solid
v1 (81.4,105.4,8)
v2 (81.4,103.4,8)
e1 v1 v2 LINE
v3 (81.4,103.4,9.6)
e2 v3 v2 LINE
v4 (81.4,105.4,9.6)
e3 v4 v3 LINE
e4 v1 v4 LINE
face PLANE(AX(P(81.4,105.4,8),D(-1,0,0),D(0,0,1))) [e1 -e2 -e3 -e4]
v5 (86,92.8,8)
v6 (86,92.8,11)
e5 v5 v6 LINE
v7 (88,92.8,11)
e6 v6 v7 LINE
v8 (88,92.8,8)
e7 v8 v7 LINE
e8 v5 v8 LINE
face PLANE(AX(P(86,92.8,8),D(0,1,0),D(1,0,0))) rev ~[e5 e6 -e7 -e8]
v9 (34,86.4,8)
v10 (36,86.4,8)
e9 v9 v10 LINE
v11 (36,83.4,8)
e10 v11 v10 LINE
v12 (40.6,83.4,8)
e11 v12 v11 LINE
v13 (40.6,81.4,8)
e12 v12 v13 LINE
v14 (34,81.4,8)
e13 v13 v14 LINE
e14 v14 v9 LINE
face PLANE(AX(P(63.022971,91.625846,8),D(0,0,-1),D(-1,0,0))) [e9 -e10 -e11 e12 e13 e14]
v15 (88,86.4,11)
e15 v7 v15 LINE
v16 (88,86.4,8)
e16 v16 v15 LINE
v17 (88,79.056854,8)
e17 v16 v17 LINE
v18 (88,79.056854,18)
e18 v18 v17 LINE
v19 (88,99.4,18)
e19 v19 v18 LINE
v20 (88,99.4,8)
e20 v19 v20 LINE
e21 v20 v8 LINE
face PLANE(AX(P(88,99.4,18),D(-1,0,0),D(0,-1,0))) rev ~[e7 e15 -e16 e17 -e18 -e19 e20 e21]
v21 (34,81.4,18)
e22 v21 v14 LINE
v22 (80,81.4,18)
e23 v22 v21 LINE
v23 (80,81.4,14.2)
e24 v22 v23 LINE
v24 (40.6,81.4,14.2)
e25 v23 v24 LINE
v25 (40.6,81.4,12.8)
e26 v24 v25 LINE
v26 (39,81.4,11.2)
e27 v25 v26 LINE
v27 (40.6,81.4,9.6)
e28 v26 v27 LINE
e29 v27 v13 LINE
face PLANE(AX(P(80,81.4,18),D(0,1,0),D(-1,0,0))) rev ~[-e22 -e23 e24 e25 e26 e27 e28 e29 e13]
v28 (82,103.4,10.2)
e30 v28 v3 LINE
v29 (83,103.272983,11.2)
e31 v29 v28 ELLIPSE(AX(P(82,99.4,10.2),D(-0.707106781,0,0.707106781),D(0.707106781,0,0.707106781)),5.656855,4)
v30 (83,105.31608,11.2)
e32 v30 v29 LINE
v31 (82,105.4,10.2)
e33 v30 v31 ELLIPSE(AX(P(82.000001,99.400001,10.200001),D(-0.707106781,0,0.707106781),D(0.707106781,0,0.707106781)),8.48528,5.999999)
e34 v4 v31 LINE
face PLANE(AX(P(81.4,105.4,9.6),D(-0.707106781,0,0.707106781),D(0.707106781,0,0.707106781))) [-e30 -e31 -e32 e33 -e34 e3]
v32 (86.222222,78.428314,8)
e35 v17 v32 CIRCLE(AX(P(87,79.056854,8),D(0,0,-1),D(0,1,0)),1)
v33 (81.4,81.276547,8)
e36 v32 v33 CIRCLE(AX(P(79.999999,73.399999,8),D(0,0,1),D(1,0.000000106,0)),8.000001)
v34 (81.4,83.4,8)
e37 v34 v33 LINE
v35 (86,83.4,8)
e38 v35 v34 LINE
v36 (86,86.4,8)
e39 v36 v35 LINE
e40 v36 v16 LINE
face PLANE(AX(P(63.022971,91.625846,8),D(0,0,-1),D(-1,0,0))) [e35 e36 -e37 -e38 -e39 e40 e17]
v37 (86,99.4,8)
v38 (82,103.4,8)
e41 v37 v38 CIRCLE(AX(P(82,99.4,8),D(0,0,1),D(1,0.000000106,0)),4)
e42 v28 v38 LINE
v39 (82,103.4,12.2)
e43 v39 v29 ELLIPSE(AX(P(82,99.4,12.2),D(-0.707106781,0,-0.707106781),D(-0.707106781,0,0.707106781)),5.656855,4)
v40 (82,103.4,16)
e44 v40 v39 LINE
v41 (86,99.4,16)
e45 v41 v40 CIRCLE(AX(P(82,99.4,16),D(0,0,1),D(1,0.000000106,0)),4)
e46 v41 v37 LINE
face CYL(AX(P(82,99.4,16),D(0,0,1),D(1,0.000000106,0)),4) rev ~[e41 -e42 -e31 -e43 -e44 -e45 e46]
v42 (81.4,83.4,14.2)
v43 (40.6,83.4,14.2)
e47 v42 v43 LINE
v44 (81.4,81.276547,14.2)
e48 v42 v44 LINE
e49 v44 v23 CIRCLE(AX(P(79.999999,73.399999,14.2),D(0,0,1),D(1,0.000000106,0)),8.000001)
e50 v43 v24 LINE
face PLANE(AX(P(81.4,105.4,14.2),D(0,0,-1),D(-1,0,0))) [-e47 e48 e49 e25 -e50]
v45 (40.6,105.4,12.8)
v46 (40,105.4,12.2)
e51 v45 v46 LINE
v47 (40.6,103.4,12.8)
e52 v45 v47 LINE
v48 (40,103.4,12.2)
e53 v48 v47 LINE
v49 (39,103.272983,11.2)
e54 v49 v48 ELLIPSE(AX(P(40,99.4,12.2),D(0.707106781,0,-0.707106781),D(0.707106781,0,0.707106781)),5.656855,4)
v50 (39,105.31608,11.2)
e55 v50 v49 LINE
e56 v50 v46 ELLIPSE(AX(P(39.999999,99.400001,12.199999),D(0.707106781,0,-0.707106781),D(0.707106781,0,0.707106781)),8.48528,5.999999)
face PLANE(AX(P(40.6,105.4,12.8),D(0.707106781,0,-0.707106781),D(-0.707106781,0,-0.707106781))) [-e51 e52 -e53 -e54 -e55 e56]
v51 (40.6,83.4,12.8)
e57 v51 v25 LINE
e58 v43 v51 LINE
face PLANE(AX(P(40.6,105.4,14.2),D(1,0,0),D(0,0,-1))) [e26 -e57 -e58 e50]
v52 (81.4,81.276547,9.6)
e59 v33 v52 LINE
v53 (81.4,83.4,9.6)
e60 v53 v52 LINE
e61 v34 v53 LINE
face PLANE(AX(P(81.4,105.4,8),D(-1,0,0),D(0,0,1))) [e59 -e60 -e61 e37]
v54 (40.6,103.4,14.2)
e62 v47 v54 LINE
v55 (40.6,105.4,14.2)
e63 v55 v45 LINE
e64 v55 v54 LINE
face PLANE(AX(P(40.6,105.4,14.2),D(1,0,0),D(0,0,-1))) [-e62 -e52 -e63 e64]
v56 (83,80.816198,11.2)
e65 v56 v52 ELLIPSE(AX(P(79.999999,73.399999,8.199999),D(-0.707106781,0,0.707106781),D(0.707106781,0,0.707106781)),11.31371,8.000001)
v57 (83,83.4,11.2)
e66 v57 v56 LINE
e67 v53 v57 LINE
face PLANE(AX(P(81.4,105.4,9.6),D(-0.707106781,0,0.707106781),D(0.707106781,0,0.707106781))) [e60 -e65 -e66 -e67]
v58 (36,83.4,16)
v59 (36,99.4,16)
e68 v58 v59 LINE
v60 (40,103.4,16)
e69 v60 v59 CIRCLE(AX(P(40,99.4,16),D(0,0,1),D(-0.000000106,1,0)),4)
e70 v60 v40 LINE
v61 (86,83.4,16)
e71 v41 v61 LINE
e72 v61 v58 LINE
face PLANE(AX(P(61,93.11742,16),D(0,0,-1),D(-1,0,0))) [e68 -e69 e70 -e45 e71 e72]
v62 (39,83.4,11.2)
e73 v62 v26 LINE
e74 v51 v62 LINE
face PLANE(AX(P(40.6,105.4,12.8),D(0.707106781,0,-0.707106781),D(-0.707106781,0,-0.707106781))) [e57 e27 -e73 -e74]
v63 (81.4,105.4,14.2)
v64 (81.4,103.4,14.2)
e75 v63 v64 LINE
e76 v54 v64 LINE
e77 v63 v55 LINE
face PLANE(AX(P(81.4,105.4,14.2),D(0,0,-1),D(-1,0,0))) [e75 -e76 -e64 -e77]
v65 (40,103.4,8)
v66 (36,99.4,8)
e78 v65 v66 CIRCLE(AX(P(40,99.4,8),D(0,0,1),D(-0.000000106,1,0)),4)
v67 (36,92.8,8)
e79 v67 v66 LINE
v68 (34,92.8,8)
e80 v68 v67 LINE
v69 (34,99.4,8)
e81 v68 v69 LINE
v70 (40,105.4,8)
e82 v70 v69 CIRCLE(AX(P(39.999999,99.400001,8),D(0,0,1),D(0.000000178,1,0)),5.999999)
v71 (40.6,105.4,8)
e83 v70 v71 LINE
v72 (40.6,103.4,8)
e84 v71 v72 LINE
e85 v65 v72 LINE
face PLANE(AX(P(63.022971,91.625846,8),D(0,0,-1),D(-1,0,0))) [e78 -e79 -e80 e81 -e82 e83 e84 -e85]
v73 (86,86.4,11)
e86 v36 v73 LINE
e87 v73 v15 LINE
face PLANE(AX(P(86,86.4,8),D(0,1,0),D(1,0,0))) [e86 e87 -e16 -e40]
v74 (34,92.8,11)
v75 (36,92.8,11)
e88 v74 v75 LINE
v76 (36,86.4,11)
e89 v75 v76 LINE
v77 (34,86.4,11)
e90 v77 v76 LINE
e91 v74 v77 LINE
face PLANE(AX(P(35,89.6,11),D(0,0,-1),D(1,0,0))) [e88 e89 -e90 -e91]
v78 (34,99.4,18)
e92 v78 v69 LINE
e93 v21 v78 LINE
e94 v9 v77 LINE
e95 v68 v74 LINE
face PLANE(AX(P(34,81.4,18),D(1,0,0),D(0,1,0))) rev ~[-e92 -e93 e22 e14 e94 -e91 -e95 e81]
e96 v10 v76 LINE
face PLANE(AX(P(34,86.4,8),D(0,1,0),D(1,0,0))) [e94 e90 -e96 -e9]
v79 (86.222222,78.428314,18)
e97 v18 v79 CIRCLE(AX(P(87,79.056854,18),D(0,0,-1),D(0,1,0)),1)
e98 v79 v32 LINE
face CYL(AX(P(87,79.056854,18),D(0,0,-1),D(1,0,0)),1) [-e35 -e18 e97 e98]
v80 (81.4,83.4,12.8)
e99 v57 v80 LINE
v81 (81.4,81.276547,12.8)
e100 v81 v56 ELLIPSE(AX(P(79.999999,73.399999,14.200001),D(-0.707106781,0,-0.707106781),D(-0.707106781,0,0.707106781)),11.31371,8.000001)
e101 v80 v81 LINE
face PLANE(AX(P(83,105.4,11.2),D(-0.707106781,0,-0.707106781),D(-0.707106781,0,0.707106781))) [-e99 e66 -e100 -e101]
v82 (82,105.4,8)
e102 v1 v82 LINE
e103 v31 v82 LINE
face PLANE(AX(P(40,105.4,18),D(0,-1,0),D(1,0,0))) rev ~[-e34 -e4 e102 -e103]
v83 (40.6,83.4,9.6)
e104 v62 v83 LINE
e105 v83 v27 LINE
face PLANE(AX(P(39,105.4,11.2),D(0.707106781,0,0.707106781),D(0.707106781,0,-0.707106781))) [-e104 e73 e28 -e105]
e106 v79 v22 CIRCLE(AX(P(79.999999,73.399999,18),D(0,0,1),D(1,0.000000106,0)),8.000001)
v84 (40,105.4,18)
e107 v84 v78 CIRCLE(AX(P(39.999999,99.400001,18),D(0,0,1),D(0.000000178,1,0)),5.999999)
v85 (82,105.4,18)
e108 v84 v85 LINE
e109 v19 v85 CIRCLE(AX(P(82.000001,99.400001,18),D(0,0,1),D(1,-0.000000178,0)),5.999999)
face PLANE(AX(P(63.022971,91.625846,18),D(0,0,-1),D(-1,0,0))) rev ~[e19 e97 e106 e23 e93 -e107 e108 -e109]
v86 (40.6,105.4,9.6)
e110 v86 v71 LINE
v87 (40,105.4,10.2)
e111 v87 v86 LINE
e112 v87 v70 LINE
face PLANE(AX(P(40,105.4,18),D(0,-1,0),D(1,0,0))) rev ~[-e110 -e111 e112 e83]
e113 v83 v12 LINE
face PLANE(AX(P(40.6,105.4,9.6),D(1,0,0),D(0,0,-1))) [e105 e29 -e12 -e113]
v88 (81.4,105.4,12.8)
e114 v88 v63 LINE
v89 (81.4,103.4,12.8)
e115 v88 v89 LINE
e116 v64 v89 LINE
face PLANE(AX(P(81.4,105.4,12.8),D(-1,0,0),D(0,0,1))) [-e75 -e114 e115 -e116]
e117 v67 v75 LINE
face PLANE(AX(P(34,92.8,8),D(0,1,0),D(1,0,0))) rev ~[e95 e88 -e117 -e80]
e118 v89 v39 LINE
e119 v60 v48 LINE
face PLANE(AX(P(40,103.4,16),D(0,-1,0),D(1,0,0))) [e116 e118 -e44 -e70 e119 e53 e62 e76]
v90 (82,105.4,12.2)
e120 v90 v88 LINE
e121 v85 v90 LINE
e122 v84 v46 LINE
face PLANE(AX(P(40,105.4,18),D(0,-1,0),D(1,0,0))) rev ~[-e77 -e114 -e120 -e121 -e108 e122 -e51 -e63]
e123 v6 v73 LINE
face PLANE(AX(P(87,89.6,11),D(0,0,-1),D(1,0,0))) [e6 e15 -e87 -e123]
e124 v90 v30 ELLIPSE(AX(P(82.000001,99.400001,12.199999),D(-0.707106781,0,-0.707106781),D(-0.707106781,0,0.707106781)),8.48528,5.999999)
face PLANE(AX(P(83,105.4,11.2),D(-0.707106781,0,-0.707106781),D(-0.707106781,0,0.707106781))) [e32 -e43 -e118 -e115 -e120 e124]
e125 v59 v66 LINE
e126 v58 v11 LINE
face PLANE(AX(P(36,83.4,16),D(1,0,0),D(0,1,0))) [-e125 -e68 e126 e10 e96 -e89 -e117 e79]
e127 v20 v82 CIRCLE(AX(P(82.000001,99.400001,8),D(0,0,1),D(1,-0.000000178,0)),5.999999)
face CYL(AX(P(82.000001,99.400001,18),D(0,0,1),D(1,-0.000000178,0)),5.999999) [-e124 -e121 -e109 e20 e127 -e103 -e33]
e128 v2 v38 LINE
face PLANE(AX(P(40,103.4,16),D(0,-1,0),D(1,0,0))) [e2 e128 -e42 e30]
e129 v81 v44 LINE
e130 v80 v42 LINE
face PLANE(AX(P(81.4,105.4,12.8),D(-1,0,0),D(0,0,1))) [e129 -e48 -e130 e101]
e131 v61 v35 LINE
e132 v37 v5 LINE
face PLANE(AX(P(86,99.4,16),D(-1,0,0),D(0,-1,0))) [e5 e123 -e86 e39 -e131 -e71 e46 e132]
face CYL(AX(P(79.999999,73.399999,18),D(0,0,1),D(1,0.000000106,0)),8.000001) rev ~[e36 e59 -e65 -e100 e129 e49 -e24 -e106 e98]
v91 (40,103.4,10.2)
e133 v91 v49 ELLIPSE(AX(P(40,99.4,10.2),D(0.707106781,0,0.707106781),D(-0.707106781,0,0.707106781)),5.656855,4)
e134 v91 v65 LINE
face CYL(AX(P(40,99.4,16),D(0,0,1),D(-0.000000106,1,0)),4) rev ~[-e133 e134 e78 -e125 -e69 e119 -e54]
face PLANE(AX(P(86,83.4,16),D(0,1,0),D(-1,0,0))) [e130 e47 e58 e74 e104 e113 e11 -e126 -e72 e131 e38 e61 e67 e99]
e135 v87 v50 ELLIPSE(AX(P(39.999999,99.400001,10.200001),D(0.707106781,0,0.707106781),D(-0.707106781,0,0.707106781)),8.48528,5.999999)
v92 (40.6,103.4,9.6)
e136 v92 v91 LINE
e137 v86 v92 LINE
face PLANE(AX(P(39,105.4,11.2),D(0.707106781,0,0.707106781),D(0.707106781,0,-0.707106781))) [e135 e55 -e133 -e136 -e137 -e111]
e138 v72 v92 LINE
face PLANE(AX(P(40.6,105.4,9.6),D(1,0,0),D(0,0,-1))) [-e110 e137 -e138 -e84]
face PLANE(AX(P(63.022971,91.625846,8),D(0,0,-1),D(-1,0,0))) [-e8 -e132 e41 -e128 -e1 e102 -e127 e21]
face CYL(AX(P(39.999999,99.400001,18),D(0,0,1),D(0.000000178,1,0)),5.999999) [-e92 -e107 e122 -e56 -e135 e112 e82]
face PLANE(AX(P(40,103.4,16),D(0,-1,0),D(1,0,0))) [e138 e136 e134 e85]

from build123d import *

# Parameters (mm, degrees)
PAD019_DEPTH    = 10
POCKET027_DEPTH = 8
FILLET005_R     = 1
POCKET028_DEPTH = 27.344146
SKETCH089_W     = 2
SKETCH089_H     = 6.4
POCKET031_DEPTH = 3


with BuildPart() as part:
    # Sketch085 (on DatumPlane) → Pad019 (new body)
    with BuildSketch(Plane.XY.offset(18)):
        with BuildLine():
            Line((40, 105.4), (82, 105.4))
            ThreePointArc((88, 99.4), (86.242641, 103.642641), (82, 105.4))
            Line((88, 99.4), (88, 73.4))
            ThreePointArc((88, 73.4), (85.656854, 79.056854), (80, 81.4))
            Line((80, 81.4), (34, 81.4))
            Line((34, 81.4), (34, 99.4))
            ThreePointArc((40, 105.4), (35.757359, 103.642641), (34, 99.4))
        make_face()
    extrude(amount=-PAD019_DEPTH)

    # Sketch083 (on Face8 of Pad019) → Pocket027 (cut)
    with BuildSketch(Plane.XY.offset(16)):
        with BuildLine():
            Line((40, 103.4), (82, 103.4))
            ThreePointArc((86, 99.4), (84.828427, 102.228427), (82, 103.4))
            Line((86, 99.4), (86, 83.4))
            Line((86, 83.4), (36, 83.4))
            Line((36, 83.4), (36, 99.4))
            ThreePointArc((40, 103.4), (37.171573, 102.228427), (36, 99.4))
        make_face()
    extrude(amount=-POCKET027_DEPTH, mode=Mode.SUBTRACT)

    # Fillet005
    fillet005_edges = [part.edges().sort_by_distance(p)[0] for p in [
        (88, 73.4, 13),
    ]]
    fillet(fillet005_edges, radius=FILLET005_R)

    # Sketch086 (on DatumPlane) → Pocket028 (cut, through all)
    with BuildSketch(Plane(origin=(0, 105.4, 18), x_dir=(-1, 0, 0), z_dir=(0, 1, 0))):
        Polygon((-81.4, -3.8), (-40.6, -3.8), (-40.6, -5.2), (-39, -6.8), (-40.6, -8.4), (-40.6, -10), (-81.4, -10), (-81.4, -8.4), (-83, -6.8), (-81.4, -5.2), align=None)
    extrude(amount=-POCKET028_DEPTH, mode=Mode.SUBTRACT)

    # Sketch089 (on DatumPlane) → Pocket031 (cut)
    with BuildSketch(Plane(origin=(0, 0, 8), x_dir=(1, 0, 0), z_dir=(0, 0, -1))):
        with Locations((35, -89.6)):
            Rectangle(SKETCH089_W, SKETCH089_H)
        with Locations((87, -89.6)):
            Rectangle(SKETCH089_W, SKETCH089_H)
    extrude(amount=-POCKET031_DEPTH, mode=Mode.SUBTRACT)


solid = part.part
